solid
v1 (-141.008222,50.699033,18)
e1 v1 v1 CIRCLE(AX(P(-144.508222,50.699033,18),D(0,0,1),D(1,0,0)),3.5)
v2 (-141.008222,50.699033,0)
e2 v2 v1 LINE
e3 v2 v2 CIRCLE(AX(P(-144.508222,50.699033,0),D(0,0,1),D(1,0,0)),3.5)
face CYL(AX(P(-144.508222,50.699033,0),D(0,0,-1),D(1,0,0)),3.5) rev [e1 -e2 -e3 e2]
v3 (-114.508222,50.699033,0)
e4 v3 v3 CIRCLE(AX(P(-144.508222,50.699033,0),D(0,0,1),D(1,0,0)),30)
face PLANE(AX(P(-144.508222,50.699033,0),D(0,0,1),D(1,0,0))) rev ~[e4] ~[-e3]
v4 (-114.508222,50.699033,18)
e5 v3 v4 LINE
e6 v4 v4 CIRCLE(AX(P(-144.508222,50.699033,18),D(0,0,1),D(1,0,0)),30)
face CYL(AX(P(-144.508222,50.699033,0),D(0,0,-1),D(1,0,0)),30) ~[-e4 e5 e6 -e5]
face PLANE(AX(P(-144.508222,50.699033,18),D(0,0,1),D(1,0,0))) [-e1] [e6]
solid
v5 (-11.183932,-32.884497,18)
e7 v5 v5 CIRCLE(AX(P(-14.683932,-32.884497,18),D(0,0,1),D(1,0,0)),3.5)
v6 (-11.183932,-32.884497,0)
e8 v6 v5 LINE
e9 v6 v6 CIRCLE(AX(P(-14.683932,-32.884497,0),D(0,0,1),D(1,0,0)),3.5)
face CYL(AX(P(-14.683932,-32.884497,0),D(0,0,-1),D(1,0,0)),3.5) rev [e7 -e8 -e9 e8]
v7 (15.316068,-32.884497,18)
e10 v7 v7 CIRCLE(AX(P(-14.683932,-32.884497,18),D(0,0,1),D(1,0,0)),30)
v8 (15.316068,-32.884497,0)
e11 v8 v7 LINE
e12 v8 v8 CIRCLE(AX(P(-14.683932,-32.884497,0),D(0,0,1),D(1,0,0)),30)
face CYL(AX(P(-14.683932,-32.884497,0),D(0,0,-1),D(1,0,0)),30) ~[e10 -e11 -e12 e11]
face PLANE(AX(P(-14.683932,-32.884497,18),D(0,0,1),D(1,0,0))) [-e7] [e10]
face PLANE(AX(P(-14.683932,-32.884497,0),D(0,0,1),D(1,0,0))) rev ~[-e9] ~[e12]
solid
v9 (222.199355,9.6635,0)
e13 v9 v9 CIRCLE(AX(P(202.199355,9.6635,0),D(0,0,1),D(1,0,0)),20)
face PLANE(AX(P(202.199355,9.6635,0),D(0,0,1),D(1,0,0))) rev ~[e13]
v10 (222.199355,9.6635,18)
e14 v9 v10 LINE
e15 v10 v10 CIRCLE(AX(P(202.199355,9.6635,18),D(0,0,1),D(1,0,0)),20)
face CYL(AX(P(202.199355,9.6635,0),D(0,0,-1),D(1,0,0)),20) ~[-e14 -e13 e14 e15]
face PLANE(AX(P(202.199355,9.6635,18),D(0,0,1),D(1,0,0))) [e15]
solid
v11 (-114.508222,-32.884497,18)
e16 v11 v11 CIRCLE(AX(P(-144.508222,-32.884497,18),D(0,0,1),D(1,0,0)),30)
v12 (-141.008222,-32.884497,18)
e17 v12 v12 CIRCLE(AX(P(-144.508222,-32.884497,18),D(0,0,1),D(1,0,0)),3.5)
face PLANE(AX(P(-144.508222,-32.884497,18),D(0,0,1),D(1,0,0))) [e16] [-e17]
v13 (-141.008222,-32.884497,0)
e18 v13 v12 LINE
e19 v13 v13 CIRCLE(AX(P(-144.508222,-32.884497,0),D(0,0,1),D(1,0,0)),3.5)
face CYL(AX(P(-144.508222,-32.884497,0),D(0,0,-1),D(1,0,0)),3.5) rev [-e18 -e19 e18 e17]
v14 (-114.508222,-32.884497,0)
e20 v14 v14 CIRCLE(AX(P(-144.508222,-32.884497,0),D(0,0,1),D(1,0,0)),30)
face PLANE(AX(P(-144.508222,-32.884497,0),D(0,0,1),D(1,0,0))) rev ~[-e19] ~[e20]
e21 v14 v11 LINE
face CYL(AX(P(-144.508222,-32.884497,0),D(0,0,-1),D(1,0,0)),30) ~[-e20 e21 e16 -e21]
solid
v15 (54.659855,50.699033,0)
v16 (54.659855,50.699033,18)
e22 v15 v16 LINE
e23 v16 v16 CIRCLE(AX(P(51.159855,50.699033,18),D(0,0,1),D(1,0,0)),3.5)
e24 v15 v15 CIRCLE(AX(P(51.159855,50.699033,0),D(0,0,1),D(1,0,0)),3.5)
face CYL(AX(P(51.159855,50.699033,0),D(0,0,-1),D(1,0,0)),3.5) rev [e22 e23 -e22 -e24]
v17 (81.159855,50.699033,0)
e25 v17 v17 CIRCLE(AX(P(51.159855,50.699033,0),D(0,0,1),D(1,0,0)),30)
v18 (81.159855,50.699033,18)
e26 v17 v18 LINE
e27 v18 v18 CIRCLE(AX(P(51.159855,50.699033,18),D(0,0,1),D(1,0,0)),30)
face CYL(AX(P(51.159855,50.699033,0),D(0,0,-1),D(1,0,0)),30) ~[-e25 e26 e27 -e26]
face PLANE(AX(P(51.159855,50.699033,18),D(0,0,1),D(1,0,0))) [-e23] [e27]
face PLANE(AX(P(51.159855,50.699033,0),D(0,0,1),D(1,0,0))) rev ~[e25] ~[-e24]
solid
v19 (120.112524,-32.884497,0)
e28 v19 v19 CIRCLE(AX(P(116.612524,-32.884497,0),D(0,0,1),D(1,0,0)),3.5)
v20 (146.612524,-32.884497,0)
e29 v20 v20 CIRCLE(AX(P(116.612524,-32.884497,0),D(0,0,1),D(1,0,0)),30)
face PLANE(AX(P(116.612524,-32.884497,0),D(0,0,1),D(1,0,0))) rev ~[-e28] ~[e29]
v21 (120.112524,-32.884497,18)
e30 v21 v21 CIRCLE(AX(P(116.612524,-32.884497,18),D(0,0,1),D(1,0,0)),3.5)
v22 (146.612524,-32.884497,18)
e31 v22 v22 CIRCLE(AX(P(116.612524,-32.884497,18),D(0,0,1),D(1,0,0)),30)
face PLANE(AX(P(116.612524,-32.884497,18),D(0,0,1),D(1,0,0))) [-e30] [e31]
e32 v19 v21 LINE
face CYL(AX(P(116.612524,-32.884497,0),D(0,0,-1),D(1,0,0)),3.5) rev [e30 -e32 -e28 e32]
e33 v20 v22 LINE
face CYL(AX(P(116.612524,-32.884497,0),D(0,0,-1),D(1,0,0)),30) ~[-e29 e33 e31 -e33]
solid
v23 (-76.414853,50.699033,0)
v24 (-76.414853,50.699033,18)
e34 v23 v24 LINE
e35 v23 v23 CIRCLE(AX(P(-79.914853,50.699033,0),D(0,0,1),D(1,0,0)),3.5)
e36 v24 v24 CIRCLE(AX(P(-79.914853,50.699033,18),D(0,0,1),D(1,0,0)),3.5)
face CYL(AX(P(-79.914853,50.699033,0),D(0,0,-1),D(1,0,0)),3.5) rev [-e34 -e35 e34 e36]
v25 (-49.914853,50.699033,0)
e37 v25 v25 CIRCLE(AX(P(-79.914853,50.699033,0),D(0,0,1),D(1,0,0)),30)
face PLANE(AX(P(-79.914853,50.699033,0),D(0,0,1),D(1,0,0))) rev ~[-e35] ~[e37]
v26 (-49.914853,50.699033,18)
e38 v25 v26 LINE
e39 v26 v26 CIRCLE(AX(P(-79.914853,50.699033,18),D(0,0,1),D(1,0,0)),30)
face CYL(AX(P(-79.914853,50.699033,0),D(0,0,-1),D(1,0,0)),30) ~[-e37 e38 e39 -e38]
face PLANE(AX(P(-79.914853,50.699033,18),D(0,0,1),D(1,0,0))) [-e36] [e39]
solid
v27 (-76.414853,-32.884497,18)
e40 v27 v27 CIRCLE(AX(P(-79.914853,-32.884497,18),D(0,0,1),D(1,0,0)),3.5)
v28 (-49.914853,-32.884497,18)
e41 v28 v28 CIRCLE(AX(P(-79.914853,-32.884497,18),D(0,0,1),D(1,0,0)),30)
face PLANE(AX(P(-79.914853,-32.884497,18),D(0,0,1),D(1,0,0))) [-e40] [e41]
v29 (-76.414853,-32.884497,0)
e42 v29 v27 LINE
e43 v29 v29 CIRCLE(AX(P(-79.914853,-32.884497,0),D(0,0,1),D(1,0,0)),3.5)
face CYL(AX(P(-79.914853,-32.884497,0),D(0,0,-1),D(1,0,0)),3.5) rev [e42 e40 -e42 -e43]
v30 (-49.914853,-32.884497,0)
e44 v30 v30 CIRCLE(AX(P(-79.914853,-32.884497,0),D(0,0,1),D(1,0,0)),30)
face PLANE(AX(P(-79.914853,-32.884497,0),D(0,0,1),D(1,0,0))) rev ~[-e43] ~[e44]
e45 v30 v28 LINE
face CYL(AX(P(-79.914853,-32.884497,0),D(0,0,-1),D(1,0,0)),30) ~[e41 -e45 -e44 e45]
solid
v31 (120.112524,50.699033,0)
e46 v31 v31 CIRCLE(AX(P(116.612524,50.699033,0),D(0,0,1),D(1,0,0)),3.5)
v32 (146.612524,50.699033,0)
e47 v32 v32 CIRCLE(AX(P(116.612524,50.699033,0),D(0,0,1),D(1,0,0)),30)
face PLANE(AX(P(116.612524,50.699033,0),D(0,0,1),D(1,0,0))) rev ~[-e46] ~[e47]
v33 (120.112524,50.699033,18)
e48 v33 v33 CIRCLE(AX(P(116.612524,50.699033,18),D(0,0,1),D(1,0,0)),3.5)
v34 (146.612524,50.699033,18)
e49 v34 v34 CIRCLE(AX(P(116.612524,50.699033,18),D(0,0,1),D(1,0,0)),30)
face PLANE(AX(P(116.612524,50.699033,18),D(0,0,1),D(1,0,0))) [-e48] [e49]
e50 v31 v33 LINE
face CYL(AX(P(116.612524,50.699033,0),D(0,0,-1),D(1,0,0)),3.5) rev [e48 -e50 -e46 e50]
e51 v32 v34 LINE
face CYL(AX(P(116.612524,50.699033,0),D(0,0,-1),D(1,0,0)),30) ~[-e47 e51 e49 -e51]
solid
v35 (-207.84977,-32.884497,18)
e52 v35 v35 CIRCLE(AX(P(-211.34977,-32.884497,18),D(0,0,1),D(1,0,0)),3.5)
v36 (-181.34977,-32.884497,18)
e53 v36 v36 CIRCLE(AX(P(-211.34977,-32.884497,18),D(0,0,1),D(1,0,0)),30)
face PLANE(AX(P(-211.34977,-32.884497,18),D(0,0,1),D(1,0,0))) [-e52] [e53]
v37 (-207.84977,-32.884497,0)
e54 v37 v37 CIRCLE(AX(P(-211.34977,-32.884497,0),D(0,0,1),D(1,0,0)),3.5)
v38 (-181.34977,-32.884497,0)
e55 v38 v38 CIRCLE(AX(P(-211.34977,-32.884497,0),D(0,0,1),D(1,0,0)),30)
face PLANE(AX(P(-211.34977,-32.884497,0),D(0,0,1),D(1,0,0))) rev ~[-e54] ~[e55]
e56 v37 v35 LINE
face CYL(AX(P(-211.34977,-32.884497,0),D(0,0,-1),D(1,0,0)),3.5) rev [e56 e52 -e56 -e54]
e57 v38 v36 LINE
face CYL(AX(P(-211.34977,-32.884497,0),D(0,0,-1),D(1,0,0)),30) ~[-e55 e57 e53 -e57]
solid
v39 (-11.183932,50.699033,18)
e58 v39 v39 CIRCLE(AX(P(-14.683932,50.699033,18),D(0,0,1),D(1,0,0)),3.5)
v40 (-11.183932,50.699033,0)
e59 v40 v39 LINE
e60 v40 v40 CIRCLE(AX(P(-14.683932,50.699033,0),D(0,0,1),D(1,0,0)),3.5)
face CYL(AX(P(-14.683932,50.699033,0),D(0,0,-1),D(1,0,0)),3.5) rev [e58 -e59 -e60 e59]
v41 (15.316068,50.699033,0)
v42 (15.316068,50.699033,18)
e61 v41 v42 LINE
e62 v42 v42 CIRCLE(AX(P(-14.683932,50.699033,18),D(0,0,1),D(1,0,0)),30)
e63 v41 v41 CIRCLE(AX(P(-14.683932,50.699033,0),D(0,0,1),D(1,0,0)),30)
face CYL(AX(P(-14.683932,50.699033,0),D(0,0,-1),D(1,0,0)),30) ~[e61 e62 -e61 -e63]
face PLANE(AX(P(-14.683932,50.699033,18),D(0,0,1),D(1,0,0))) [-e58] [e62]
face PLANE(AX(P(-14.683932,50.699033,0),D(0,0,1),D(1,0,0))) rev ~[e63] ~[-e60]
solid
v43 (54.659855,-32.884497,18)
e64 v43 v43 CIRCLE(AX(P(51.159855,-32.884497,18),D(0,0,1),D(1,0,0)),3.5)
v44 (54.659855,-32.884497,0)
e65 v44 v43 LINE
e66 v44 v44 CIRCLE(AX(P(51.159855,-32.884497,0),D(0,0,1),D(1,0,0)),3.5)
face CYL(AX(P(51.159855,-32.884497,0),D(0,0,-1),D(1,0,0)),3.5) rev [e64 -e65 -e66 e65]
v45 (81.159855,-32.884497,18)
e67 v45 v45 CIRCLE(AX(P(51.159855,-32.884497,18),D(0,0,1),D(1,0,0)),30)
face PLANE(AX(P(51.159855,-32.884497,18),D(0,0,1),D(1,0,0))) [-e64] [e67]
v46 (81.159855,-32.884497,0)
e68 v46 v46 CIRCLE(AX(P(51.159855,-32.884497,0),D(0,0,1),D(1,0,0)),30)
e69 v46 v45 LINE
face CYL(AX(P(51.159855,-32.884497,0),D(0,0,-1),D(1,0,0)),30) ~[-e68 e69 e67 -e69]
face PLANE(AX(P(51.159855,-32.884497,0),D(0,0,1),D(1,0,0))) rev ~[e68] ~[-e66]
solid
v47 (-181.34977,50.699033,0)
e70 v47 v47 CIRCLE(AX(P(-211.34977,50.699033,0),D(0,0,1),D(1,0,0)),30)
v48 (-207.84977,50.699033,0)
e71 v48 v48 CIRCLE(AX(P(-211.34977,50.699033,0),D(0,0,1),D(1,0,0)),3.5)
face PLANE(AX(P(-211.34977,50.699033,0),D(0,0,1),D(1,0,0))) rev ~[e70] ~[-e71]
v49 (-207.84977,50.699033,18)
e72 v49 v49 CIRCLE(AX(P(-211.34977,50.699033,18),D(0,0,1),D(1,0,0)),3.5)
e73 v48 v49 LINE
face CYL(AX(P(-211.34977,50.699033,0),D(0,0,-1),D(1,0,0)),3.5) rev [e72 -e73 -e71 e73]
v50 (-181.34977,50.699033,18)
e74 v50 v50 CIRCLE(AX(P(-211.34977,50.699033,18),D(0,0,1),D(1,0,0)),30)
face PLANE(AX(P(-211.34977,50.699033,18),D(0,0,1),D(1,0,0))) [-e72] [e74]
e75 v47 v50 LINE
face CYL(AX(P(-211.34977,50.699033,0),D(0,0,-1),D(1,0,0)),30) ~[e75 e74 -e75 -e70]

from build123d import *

# Parameters (mm, degrees)
F0_R     = 30
F0_R_2   = 3.5
F0_R_3   = 20
F1_DEPTH = 18


with BuildPart() as f1:
    # F0 (on Top) → F1 (new body)
    with BuildSketch(Plane.XY):
        with Locations((-211.34977, 50.699033)):
            Circle(F0_R)
        with Locations((-211.34977, 50.699033)):
            Circle(F0_R_2, mode=Mode.SUBTRACT)
        with Locations((-144.508222, 50.699033)):
            Circle(F0_R)
        with Locations((-144.508222, 50.699033)):
            Circle(F0_R_2, mode=Mode.SUBTRACT)
        with Locations((-79.914853, 50.699033)):
            Circle(F0_R)
        with Locations((-79.914853, 50.699033)):
            Circle(F0_R_2, mode=Mode.SUBTRACT)
        with Locations((-14.683932, 50.699033)):
            Circle(F0_R)
        with Locations((-14.683932, 50.699033)):
            Circle(F0_R_2, mode=Mode.SUBTRACT)
        with Locations((51.159855, 50.699033)):
            Circle(F0_R)
        with Locations((51.159855, 50.699033)):
            Circle(F0_R_2, mode=Mode.SUBTRACT)
        with Locations((116.612524, 50.699033)):
            Circle(F0_R)
        with Locations((116.612524, 50.699033)):
            Circle(F0_R_2, mode=Mode.SUBTRACT)
        with Locations((-211.34977, -32.884497)):
            Circle(F0_R)
        with Locations((-211.34977, -32.884497)):
            Circle(F0_R_2, mode=Mode.SUBTRACT)
        with Locations((-144.508222, -32.884497)):
            Circle(F0_R)
        with Locations((-144.508222, -32.884497)):
            Circle(F0_R_2, mode=Mode.SUBTRACT)
        with Locations((-79.914853, -32.884497)):
            Circle(F0_R)
        with Locations((-79.914853, -32.884497)):
            Circle(F0_R_2, mode=Mode.SUBTRACT)
        with Locations((-14.683932, -32.884497)):
            Circle(F0_R)
        with Locations((-14.683932, -32.884497)):
            Circle(F0_R_2, mode=Mode.SUBTRACT)
        with Locations((51.159855, -32.884497)):
            Circle(F0_R)
        with Locations((51.159855, -32.884497)):
            Circle(F0_R_2, mode=Mode.SUBTRACT)
        with Locations((116.612524, -32.884497)):
            Circle(F0_R)
        with Locations((116.612524, -32.884497)):
            Circle(F0_R_2, mode=Mode.SUBTRACT)
        with Locations((202.199355, 9.6635)):
            Circle(F0_R_3)
    extrude(amount=F1_DEPTH)


solid = f1.part
